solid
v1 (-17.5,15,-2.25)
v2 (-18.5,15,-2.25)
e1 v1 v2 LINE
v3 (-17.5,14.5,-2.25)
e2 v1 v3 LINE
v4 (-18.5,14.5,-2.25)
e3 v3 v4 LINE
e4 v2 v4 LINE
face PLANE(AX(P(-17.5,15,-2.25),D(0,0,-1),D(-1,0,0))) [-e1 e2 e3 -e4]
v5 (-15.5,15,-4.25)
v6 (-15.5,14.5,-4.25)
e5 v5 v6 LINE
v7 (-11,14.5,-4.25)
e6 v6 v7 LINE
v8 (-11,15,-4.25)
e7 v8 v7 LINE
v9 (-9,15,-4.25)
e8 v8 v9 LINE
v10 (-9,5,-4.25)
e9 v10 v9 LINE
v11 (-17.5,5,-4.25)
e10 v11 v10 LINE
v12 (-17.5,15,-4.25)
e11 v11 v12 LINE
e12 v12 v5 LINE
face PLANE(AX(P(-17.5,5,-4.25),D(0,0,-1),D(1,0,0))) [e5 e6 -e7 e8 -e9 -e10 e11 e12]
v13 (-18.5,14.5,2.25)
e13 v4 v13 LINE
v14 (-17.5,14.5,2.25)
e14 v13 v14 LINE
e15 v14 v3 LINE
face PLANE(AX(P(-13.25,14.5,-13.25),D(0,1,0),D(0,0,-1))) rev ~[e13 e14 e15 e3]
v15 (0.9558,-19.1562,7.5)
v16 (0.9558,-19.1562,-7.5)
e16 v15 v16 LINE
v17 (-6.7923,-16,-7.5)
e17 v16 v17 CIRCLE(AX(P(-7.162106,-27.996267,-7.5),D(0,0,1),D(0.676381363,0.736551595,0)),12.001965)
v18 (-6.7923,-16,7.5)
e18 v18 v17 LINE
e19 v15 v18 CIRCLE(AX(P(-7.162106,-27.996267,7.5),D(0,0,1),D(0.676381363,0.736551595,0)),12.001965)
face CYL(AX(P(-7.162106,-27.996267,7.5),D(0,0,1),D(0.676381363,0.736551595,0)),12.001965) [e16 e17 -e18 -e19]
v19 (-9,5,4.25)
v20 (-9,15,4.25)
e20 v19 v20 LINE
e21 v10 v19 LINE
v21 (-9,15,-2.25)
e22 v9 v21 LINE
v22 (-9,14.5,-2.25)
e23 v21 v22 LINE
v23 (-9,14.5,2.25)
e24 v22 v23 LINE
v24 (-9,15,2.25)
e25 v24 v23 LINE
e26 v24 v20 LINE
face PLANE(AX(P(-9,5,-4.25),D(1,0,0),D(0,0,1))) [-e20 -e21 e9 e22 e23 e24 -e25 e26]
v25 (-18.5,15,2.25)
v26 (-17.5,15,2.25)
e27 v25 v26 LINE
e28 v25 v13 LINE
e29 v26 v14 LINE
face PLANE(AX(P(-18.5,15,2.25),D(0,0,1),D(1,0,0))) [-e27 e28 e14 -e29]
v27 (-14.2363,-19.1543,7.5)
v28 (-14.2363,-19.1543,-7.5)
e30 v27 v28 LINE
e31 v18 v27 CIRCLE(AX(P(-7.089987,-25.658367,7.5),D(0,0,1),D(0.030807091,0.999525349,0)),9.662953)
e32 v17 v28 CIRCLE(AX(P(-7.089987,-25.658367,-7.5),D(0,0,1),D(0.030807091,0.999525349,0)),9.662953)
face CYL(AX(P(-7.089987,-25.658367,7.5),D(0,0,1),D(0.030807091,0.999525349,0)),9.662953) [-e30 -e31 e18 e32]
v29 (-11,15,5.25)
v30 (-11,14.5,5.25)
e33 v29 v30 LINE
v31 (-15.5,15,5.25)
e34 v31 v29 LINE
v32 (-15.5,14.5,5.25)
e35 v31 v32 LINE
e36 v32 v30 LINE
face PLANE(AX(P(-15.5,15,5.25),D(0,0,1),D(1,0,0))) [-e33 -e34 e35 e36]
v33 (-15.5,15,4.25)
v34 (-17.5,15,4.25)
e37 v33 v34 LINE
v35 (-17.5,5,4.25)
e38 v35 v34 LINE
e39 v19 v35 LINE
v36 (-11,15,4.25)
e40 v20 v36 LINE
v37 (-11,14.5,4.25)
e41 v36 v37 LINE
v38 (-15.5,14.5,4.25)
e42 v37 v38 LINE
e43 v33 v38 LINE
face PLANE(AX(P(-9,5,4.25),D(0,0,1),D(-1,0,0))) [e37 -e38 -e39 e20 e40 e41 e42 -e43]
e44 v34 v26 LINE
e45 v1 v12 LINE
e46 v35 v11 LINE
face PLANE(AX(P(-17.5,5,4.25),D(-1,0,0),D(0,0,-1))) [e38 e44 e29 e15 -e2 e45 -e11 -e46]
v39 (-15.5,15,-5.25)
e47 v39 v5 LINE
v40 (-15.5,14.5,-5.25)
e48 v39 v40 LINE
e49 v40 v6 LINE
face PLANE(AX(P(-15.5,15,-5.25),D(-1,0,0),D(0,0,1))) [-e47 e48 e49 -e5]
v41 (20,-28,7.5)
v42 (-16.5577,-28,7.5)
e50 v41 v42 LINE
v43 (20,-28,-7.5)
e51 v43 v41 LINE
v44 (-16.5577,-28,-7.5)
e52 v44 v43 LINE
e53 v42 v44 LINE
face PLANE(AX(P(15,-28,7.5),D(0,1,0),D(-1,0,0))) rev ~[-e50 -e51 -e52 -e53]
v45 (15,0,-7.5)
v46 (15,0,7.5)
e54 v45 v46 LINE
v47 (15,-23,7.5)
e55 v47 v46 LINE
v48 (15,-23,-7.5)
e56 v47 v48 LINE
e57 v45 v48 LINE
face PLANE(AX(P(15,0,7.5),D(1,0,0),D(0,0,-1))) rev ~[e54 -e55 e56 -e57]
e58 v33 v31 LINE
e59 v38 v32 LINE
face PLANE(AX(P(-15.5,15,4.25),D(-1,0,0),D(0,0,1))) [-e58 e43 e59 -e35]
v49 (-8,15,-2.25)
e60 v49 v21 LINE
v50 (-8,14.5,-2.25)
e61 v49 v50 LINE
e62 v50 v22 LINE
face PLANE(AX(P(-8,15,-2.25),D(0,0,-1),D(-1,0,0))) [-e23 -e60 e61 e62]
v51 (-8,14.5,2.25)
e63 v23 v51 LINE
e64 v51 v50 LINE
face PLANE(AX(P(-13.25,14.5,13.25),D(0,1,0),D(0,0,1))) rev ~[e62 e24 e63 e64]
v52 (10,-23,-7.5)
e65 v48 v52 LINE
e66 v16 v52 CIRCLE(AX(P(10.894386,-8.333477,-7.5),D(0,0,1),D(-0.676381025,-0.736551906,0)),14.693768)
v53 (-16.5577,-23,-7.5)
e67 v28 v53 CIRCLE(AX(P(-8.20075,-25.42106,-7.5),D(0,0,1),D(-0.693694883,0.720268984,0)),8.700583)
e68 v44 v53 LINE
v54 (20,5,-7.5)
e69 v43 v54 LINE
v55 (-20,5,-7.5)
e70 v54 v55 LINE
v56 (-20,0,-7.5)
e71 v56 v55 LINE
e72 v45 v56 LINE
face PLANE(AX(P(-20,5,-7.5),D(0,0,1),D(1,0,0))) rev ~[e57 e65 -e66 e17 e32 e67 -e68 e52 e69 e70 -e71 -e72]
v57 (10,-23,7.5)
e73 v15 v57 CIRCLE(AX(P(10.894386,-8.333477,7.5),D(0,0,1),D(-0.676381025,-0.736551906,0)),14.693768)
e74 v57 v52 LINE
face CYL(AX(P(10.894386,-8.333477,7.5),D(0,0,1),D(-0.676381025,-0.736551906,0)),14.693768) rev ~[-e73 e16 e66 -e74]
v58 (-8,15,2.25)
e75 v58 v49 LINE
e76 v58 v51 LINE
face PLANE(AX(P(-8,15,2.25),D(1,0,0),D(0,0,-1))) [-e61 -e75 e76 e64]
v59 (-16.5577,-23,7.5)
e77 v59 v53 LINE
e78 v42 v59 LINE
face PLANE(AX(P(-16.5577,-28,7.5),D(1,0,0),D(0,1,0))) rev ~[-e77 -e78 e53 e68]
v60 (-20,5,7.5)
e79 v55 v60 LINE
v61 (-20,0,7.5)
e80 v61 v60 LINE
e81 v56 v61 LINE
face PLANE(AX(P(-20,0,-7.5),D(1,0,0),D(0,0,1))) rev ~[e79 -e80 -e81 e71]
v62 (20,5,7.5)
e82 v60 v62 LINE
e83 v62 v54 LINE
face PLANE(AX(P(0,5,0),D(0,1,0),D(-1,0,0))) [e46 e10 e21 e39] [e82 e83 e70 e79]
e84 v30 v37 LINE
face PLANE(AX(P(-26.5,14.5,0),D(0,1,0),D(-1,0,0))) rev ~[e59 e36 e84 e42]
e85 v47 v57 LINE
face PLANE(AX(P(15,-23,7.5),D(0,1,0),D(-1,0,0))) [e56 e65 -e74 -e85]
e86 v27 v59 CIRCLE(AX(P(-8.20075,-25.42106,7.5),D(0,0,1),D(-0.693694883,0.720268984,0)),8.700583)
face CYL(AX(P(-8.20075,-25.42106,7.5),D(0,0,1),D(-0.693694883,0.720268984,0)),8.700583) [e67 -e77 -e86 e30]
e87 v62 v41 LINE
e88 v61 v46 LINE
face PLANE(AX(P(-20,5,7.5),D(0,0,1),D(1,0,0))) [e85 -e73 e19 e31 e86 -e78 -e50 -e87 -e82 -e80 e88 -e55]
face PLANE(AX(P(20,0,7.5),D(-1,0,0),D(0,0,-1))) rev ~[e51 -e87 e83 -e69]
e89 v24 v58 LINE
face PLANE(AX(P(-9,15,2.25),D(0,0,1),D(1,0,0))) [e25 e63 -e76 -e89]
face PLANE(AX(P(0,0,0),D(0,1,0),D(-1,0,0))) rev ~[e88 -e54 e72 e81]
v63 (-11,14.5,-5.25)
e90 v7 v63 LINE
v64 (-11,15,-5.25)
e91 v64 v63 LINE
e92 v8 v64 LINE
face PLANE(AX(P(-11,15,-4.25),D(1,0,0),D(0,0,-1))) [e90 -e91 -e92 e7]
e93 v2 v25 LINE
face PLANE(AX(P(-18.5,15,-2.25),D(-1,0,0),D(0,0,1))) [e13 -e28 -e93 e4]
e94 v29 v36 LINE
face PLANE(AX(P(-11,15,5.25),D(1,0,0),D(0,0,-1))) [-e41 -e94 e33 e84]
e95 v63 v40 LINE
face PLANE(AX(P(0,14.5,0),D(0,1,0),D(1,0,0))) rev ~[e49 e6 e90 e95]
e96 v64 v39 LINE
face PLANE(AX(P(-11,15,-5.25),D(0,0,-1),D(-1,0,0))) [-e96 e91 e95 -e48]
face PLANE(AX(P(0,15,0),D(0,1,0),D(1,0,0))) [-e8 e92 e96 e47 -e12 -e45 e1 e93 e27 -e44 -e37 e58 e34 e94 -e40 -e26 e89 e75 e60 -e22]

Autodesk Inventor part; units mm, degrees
ref_plane "YZ Plane" through (0, 0, 0) normal (1, 0, 0) x (0, 1, 0)
ref_plane "XZ Plane" through (0, 0, 0) normal (0, 1, 0) x (-1, 0, 0)
ref_plane "XY Plane" through (0, 0, 0) normal (0, 0, 1) x (1, 0, 0)
sketch "Sketch1" plane through (0, 0, 0) normal (0, 1, 0) x (-1, 0, 0)
  line L0 (-20, -7.5) -> (20, -7.5)
  line L1 (20, -7.5) -> (20, 7.5)
  line L2 (20, 7.5) -> (-20, 7.5)
  line L3 (-20, 7.5) -> (-20, -7.5)
  line L4 (-20, -7.5) -> (20, 7.5) construction
  line L5 (20, -7.5) -> (-20, 7.5) construction
  point P0 (0, 0)
  dimension "d0" = 15
  dimension "d1" = 40
extrude "Extrusion1" add sketch "Sketch1" along normal blind 5
sketch "Sketch2" plane through (20, 0, 7.5) normal (1, 0, 0) x (0, 0, -1)
  line L0 (15, 0) -> (0, 0) projected
  line L1 (0, -28) -> (0, 0)
  line L2 (15, 0) -> (15, -28)
  line L3 (15, -28) -> (0, -28)
  line L4 (0, 0) -> (15, 0) projected
  line L5 (15, 0) -> (0, 0)
  point P0 (7.5, 0)
  dimension "d13" = 28
extrude "Extrusion2" add sketch "Sketch2" against normal blind 5
sketch "Sketch3" plane through (-20, 5, 7.5) normal (0, 0, 1) x (1, 0, 0)
  line L0 (35, -5) -> (35, -33) projected
  line L1 (35, -33) -> (30, -33)
  line L2 (35, -28) -> (30, -28)
  line L3 (35, -25) -> (-4.3646, -25) construction
  line L4 (0, -5) -> (35, -5) construction
  line L5 (30, -33) -> (3.4423, -33)
  line L6 (35, -21) -> (-4.3646, -21) construction
  line L7 (3.4423, -33) -> (21.0714, -33)
  arc A0 (20.9558, -24.1562) -> (30, -28) centre (30.8945, -13.3333) ccw
  arc A1 (20.9558, -24.1562) -> (13.2077, -21) centre (12.838, -32.9961) ccw
  arc A2 (13.2077, -21) -> (5.7637, -24.1543) centre (12.91, -30.6583) ccw
  arc A3 (5.7637, -24.1543) -> (3.4423, -28) centre (11.7993, -30.4211) ccw
  line L8 (3.4423, -33) -> (3.4423, -28)
  point P0 (20, -5)
  point P1 (35, -5)
  dimension "d7" = 5
  dimension "d8" = 5
  dimension "d9" = 20
  dimension "d10" = 4
extrude "Extrusion3" add sketch "Sketch3" against normal up to surface (15 mm away)
sketch "Sketch4" plane through (0, 5, 0) normal (0, 1, 0) x (1, 0, 0)
  line L0 (-17.5, 4.25) -> (-9, 4.25)
  line L1 (-9, 4.25) -> (-9, -4.25)
  line L2 (-9, -4.25) -> (-17.5, -4.25)
  line L3 (-17.5, -4.25) -> (-17.5, 4.25)
  line L4 (-20, 7.5) -> (-20, -7.5) projected
  point P0 (0, 0)
  dimension "d14" = 8.5
  dimension "d15" = 2.5
  dimension "d16" = 4.25
  dimension "d17" = 4.25
extrude "Extrusion4" add sketch "Sketch4" along normal blind 10
sketch "Sketch5" plane through (0, 15, 0) normal (0, 1, 0) x (1, 0, 0)
  line L0 (-17.5, 4.25) -> (-9, 4.25) projected
  line L1 (-15.5, 4.25) -> (-11, 4.25)
  line L2 (-11, 4.25) -> (-11, 5.25)
  line L3 (-11, 5.25) -> (-15.5, 5.25)
  line L4 (-15.5, 5.25) -> (-15.5, 4.25)
  line L5 (-9, -4.25) -> (-9, 4.25) projected
  line L6 (-17.5, 4.25) -> (-17.5, -4.25) projected
  point P0 (0, 0)
  dimension "d20" = 2
  dimension "d21" = 2
  dimension "d22" = 1
extrude "Extrusion5" add sketch "Sketch5" against normal blind 0.5
sketch "Sketch6" plane through (0, 15, 0) normal (0, 1, 0) x (1, 0, 0)
  line L0 (-17.5, 4.25) -> (-9, 4.25) construction
  line L1 (-9, -4.25) -> (-9, 4.25) construction
  line L2 (-17.5, 4.25) -> (-9, -4.25) construction
  line L3 (-9, 4.25) -> (-17.5, -4.25) construction
  point P0 (0, 0)
  point P1 (-13.25, 0)
pattern_circular "Circular Pattern1" count 4 over 360 about axis through (-13.25, 15, 0) along (0, 1, 0) of "Extrusion5"
equation "\"d16\" = 0.5 * d14"
equation "\"d17\" = 0.5 * d14"
properties part number "GroundClipV1"
